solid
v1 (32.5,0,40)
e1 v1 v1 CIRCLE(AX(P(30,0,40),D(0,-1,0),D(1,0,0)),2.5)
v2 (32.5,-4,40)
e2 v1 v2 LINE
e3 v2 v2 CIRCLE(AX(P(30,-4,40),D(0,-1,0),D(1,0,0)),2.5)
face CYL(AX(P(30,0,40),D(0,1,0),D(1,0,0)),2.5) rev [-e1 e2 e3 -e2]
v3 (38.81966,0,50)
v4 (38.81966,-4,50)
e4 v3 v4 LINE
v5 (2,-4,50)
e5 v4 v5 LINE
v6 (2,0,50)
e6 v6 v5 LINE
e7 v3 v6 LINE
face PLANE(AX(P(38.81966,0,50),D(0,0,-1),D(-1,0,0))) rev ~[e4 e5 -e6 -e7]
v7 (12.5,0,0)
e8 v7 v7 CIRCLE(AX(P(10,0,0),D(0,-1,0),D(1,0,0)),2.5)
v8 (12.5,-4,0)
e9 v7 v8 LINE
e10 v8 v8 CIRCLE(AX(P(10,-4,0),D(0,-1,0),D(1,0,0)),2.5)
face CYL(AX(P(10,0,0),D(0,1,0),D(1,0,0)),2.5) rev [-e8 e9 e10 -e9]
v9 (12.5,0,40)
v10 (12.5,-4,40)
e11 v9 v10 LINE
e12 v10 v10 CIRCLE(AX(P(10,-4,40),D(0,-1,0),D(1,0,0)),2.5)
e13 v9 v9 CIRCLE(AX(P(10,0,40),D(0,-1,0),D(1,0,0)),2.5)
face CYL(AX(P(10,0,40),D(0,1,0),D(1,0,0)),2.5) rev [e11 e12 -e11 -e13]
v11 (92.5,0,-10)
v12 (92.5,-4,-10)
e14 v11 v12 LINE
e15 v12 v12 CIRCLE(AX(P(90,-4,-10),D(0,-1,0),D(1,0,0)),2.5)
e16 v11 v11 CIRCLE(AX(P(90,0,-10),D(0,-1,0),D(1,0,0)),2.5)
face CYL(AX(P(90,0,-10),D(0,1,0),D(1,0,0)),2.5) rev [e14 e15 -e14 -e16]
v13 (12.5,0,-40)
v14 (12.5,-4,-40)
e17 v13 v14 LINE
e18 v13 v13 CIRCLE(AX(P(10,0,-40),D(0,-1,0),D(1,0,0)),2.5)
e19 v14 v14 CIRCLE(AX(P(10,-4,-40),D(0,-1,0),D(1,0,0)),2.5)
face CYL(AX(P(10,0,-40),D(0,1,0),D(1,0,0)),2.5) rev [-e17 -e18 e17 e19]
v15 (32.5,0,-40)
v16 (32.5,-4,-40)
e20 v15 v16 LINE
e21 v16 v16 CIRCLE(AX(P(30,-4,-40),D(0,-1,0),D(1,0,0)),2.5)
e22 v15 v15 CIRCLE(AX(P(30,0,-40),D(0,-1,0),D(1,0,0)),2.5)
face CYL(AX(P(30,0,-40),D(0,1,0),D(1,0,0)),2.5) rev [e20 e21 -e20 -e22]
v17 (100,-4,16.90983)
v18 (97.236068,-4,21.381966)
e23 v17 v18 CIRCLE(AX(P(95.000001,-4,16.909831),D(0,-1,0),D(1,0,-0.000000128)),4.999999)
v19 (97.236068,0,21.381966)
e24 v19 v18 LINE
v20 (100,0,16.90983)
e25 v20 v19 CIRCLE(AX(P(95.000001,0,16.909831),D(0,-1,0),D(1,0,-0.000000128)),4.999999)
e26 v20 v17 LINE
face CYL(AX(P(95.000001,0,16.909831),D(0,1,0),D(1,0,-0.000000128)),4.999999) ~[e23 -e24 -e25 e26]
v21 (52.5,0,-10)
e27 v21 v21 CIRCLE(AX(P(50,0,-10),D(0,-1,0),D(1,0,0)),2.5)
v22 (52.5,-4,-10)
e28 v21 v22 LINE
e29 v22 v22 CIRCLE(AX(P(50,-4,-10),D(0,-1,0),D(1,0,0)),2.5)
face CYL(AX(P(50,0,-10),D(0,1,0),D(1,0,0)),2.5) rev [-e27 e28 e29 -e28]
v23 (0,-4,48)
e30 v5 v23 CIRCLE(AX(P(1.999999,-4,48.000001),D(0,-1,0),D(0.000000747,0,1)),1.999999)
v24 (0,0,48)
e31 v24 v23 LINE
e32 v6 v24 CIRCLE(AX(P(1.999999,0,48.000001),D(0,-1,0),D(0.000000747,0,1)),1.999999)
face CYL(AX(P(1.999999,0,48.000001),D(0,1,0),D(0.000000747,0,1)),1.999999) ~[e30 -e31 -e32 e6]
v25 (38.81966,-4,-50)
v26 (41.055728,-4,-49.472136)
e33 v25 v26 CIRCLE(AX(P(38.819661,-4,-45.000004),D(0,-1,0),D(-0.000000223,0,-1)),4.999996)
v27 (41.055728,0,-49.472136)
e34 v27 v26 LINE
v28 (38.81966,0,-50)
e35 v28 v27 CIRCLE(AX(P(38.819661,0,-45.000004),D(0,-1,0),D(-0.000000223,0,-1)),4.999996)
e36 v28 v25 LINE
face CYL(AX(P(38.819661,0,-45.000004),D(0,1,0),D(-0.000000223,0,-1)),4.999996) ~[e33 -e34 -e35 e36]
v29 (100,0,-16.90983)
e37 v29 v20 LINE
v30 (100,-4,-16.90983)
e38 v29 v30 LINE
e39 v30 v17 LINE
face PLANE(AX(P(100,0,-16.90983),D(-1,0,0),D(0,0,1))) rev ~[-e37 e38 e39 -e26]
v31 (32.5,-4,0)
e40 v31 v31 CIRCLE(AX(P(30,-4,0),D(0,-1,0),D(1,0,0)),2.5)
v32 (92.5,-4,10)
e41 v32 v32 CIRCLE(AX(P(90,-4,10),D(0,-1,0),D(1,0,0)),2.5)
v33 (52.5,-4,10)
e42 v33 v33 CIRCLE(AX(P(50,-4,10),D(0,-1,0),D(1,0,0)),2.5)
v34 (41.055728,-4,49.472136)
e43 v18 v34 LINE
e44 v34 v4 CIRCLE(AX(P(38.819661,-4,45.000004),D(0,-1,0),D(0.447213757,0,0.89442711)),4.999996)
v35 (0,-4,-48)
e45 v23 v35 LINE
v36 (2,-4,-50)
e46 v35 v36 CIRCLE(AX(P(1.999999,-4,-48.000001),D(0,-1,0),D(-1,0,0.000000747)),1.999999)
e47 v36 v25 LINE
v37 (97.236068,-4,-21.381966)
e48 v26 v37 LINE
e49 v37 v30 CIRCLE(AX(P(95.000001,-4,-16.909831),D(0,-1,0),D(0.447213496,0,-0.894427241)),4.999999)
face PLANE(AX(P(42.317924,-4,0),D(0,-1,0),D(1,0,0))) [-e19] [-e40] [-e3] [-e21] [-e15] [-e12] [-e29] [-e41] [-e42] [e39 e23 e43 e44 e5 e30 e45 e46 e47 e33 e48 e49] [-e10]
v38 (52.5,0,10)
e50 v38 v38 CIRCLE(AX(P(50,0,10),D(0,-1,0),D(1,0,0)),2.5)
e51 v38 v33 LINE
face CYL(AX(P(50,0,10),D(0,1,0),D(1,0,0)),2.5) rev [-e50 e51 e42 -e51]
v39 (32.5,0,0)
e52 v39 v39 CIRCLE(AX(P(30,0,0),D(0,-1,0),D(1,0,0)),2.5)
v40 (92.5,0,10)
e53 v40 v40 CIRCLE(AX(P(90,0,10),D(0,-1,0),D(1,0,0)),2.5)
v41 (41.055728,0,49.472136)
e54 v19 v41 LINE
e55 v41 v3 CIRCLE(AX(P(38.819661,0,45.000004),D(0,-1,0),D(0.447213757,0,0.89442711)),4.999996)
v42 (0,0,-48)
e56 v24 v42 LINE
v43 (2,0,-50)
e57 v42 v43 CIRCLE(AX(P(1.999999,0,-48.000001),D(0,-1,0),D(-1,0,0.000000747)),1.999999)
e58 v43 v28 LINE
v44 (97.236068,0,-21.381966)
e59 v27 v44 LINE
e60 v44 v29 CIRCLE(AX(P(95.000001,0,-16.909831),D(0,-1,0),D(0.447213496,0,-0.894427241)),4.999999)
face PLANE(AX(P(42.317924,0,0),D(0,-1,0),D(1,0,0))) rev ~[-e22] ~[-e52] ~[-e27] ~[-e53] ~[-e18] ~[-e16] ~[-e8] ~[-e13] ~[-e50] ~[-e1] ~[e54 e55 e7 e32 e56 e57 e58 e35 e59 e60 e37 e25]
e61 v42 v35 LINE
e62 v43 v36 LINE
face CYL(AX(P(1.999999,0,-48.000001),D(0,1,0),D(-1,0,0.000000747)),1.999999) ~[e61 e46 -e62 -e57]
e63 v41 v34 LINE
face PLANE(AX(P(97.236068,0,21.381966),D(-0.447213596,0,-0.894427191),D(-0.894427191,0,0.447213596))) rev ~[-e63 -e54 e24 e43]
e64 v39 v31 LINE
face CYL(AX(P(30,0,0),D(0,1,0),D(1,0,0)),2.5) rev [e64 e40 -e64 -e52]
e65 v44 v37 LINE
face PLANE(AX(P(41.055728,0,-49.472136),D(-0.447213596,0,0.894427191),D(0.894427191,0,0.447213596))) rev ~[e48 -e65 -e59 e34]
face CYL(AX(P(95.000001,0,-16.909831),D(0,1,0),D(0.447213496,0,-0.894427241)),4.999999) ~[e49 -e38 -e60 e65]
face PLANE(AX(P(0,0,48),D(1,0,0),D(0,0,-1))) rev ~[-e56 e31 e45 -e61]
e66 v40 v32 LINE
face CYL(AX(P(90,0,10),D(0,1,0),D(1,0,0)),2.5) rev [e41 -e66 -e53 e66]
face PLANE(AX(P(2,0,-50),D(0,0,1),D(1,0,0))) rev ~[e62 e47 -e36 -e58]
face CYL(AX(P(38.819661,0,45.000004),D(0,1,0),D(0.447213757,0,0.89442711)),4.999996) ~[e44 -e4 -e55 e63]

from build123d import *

# Parameters (mm, degrees)
F0_R     = 2.5
F1_DEPTH = 4


with BuildPart() as f1:
    # F0 (on Front) → F1 (new body)
    with BuildSketch(Plane.XZ):
        with BuildLine():
            Line((0, 48), (0, 0))
            Line((0, 0), (0, -48))
            ThreePointArc((0, -48), (0.585786, -49.414214), (2, -50))
            Line((2, -50), (38.81966, -50))
            ThreePointArc((38.81966, -50), (39.968425, -49.866245), (41.055728, -49.472136))
            Line((41.055728, -49.472136), (97.236068, -21.381966))
            ThreePointArc((97.236068, -21.381966), (99.253254, -19.538486), (100, -16.90983))
            Line((100, -16.90983), (100, 0))
            Line((100, 0), (100, 16.90983))
            ThreePointArc((100, 16.90983), (99.253254, 19.538486), (97.236068, 21.381966))
            Line((97.236068, 21.381966), (41.055728, 49.472136))
            ThreePointArc((41.055728, 49.472136), (39.968425, 49.866245), (38.81966, 50))
            Line((38.81966, 50), (2, 50))
            ThreePointArc((2, 50), (0.585786, 49.414214), (0, 48))
        make_face()
        with Locations((10, -40)):
            Circle(F0_R, mode=Mode.SUBTRACT)
        with Locations((30, -40)):
            Circle(F0_R, mode=Mode.SUBTRACT)
        with Locations((50, -10)):
            Circle(F0_R, mode=Mode.SUBTRACT)
        with Locations((90, -10)):
            Circle(F0_R, mode=Mode.SUBTRACT)
        with Locations((10, 0)):
            Circle(F0_R, mode=Mode.SUBTRACT)
        with Locations((30, 0)):
            Circle(F0_R, mode=Mode.SUBTRACT)
        with Locations((10, 40)):
            Circle(F0_R, mode=Mode.SUBTRACT)
        with Locations((30, 40)):
            Circle(F0_R, mode=Mode.SUBTRACT)
        with Locations((50, 10)):
            Circle(F0_R, mode=Mode.SUBTRACT)
        with Locations((90, 10)):
            Circle(F0_R, mode=Mode.SUBTRACT)
    extrude(amount=F1_DEPTH)


solid = f1.part
